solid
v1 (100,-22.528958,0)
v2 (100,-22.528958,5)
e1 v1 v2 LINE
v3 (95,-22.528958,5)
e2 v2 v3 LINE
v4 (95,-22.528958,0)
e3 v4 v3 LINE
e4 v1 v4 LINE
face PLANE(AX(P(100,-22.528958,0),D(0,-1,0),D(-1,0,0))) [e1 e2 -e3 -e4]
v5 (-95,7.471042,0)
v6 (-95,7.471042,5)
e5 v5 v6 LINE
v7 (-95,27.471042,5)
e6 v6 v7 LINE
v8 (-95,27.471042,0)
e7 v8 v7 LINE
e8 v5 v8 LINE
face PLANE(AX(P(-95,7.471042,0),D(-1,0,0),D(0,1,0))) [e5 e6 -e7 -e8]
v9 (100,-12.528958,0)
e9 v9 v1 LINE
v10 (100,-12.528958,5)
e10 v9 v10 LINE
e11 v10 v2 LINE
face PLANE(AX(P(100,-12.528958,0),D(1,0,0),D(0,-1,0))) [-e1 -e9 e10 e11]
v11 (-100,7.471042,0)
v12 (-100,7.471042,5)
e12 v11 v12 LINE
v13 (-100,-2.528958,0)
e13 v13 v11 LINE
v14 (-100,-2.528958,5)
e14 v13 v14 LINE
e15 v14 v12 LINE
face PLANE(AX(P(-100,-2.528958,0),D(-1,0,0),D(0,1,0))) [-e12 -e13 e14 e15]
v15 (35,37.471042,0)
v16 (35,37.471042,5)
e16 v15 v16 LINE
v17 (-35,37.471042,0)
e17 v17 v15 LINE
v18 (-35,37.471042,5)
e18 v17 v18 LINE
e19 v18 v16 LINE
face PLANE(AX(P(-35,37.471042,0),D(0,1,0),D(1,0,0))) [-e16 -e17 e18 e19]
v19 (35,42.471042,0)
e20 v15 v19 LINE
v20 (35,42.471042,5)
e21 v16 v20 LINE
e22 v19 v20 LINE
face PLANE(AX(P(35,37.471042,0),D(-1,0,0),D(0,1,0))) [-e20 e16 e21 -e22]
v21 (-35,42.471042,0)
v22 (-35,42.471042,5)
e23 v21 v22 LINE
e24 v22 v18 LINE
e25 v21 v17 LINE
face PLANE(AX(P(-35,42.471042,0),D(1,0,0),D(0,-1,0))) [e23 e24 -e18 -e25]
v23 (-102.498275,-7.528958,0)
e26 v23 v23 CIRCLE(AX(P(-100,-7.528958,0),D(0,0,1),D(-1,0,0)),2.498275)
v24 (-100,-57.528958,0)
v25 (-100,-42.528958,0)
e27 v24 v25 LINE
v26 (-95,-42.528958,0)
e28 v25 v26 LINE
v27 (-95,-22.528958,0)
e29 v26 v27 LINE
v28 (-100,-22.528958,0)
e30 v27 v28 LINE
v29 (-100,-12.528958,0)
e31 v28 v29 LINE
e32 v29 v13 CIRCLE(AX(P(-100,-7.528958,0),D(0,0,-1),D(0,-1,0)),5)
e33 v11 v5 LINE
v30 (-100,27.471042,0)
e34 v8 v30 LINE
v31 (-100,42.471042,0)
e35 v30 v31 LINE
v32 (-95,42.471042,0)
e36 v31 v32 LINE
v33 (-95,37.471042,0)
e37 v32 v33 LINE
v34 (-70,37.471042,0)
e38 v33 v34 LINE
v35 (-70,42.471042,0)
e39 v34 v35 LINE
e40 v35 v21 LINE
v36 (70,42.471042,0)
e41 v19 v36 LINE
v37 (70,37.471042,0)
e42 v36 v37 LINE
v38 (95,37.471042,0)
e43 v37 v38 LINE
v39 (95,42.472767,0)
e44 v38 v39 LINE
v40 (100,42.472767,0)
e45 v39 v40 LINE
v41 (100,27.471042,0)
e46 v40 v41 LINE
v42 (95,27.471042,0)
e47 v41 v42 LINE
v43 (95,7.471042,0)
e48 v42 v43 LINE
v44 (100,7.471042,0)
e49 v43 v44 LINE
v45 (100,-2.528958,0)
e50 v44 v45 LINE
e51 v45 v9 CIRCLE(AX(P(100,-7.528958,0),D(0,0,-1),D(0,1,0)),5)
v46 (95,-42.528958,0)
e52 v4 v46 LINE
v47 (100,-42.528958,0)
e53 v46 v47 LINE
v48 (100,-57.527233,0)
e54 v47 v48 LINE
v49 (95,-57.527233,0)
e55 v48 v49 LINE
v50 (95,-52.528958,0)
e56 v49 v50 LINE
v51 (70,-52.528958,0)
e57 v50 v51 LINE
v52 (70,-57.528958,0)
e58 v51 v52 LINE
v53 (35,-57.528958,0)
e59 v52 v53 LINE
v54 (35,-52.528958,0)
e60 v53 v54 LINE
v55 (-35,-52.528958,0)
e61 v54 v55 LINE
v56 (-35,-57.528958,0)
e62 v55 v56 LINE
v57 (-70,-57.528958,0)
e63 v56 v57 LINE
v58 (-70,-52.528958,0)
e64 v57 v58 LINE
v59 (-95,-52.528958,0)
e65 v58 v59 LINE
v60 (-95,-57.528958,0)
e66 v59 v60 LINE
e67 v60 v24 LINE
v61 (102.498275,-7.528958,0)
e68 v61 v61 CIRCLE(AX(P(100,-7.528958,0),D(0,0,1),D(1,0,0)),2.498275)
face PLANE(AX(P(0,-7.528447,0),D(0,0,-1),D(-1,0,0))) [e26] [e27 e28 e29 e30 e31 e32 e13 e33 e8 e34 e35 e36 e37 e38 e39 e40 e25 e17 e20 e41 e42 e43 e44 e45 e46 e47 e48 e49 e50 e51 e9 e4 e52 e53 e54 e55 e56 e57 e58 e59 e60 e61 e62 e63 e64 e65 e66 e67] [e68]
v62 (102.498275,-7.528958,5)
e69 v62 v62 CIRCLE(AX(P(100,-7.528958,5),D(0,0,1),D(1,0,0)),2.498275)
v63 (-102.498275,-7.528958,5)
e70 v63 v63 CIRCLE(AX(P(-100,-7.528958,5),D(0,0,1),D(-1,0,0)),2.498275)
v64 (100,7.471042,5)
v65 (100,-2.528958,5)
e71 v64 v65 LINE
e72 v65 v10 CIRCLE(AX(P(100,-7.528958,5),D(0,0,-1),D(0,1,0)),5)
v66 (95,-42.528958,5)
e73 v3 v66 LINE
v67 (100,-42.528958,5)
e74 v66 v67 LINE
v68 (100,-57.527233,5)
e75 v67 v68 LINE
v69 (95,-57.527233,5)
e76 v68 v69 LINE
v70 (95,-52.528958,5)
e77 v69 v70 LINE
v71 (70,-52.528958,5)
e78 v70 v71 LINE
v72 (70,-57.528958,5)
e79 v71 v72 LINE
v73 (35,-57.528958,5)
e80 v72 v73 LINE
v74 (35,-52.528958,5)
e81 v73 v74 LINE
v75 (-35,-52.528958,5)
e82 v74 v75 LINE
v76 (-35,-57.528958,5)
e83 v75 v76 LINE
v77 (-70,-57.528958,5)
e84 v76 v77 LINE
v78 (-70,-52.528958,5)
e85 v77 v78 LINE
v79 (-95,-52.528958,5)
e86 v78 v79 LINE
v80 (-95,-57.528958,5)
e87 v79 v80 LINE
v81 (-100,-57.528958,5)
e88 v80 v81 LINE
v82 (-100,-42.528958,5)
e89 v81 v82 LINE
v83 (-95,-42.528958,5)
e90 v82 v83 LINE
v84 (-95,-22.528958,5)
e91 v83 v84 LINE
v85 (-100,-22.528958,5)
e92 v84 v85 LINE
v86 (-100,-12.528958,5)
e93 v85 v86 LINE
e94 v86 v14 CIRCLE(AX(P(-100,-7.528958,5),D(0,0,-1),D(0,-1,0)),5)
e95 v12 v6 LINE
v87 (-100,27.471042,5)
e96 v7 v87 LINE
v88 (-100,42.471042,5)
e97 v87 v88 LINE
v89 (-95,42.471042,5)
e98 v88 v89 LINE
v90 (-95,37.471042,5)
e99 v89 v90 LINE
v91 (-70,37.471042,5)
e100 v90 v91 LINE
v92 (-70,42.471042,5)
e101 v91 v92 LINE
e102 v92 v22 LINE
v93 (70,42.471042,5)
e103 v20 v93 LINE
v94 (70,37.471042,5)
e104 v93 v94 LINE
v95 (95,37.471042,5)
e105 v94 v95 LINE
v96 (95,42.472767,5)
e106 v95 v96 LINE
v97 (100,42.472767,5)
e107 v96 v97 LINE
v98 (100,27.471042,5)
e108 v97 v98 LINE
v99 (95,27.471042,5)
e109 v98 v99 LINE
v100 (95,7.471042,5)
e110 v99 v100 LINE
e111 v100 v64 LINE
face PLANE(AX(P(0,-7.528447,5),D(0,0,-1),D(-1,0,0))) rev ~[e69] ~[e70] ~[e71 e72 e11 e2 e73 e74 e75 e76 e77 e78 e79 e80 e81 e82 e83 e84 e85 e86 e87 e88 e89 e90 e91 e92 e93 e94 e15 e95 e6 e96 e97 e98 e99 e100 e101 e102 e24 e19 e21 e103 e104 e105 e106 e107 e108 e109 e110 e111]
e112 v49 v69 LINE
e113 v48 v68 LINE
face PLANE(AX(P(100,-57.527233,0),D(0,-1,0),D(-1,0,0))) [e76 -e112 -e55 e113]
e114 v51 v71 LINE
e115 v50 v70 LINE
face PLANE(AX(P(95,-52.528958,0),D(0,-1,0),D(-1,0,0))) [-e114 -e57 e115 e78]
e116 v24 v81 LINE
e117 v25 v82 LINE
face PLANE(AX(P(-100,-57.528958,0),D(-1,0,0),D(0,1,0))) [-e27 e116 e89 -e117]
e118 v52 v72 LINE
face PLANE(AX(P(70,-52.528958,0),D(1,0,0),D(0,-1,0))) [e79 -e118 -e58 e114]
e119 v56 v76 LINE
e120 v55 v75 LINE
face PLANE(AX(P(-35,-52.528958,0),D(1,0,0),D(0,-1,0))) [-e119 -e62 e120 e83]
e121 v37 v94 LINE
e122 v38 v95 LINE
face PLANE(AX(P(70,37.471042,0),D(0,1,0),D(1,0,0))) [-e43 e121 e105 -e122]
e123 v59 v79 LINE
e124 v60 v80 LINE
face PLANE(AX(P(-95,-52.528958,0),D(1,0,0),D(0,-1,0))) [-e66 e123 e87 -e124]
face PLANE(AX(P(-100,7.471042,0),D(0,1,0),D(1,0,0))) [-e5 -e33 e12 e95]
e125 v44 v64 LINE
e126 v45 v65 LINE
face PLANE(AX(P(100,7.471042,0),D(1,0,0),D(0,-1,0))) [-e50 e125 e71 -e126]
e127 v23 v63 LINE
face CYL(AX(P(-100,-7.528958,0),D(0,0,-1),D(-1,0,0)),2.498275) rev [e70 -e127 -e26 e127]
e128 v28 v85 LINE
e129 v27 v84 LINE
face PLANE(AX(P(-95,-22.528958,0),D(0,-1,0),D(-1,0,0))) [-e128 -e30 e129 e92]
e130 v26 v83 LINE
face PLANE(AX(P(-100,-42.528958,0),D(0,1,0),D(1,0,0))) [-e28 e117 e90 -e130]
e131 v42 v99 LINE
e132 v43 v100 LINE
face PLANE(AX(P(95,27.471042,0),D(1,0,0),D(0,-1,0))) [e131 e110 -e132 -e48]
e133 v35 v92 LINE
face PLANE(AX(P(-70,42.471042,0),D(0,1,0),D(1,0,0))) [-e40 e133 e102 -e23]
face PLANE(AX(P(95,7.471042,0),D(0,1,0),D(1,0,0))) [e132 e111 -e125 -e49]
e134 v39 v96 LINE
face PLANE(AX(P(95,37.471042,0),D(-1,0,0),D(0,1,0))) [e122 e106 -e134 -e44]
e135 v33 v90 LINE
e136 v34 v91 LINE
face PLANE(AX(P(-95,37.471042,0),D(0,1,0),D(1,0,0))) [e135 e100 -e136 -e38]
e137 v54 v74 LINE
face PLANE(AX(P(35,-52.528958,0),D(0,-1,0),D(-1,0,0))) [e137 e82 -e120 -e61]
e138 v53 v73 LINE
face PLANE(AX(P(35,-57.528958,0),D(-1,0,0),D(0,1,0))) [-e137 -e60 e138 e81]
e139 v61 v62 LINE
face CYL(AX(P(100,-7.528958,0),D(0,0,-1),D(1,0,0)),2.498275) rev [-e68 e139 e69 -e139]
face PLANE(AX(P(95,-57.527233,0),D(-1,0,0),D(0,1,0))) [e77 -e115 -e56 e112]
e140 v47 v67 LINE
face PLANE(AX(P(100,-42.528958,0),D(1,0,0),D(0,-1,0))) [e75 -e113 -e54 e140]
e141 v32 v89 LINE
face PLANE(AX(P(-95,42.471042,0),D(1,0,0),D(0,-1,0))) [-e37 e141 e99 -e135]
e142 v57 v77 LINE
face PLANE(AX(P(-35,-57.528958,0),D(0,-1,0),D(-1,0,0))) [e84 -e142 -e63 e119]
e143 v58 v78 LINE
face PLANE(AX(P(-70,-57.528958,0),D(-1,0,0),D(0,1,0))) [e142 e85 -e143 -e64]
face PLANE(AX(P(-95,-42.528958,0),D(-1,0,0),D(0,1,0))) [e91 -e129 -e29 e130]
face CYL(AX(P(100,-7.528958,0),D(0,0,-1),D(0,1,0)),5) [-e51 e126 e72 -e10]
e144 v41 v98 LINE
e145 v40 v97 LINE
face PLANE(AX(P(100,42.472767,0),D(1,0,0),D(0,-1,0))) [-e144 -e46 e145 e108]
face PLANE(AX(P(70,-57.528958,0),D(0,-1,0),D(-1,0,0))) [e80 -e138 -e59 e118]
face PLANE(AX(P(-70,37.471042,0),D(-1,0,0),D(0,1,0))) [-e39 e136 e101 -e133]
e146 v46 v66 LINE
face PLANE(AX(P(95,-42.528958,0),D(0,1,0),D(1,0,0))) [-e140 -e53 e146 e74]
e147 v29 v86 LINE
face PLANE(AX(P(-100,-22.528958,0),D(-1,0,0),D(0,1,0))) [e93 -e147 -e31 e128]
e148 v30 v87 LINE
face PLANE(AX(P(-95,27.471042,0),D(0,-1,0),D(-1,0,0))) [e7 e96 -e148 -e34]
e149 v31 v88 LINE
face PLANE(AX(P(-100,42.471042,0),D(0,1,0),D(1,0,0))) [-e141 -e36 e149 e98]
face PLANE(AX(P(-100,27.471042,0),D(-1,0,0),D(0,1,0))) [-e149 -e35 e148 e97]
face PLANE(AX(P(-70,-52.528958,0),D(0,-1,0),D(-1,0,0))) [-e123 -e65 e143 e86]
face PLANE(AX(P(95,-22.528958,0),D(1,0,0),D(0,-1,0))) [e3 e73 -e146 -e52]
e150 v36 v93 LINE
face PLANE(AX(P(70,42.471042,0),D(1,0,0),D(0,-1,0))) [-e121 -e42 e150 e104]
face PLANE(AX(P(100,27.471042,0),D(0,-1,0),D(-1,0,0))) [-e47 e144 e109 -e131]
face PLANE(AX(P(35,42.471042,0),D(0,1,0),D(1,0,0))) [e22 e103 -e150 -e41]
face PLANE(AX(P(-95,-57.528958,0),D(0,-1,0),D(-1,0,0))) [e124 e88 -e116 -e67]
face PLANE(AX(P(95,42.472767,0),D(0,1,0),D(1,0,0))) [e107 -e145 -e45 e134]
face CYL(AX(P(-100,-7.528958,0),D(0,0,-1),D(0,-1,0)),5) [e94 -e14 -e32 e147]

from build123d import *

# Parameters (mm, degrees)
ESQUISSE1_R        = 2.498275285
BOSS_EXTRU_1_DEPTH = 5


with BuildPart() as part:
    # Esquisse1 → Boss.-Extru.1 (new body)
    with BuildSketch(Plane.XY):
        with BuildLine():
            Line((-35, 37.471042471), (35, 37.471042471))
            Line((35, 37.471042471), (35, 42.471042471))
            Line((35, 42.471042471), (70, 42.471042471))
            Line((70, 42.471042471), (70, 37.471042471))
            Line((70, 37.471042471), (95, 37.471042471))
            Line((95, 37.471042471), (95, 42.472767186))
            Line((95, 42.472767186), (100, 42.472767186))
            Line((100, 42.472767186), (100, 37.471042471))
            Line((100, 37.471042471), (100, 27.471042471))
            Line((100, 27.471042471), (95, 27.471042471))
            Line((95, 27.471042471), (95, 7.471042471))
            Line((95, 7.471042471), (100, 7.471042471))
            Line((100, 7.471042471), (100, -2.528957529))
            ThreePointArc((100, -2.528957529), (105, -7.528957529), (100, -12.528957529))
            Line((100, -12.528957529), (100, -22.528957529))
            Line((100, -22.528957529), (95, -22.528957529))
            Line((95, -22.528957529), (95, -42.528957529))
            Line((95, -42.528957529), (100, -42.528957529))
            Line((100, -42.528957529), (100, -52.528957529))
            Line((100, -52.528957529), (100, -57.527232814))
            Line((100, -57.527232814), (95, -57.527232814))
            Line((95, -57.527232814), (95, -52.528957529))
            Line((95, -52.528957529), (70, -52.528957529))
            Line((70, -52.528957529), (70, -57.528957529))
            Line((70, -57.528957529), (35, -57.528957529))
            Line((35, -57.528957529), (35, -52.528957529))
            Line((35, -52.528957529), (-35, -52.528957529))
            Line((-35, -52.528957529), (-35, -57.528957529))
            Line((-35, -57.528957529), (-70, -57.528957529))
            Line((-70, -57.528957529), (-70, -52.528957529))
            Line((-70, -52.528957529), (-95, -52.528957529))
            Line((-95, -52.528957529), (-95, -57.528957529))
            Line((-95, -57.528957529), (-100, -57.528957529))
            Line((-100, -57.528957529), (-100, -52.528957529))
            Line((-100, -52.528957529), (-100, -42.528957529))
            Line((-100, -42.528957529), (-95, -42.528957529))
            Line((-95, -42.528957529), (-95, -22.528957529))
            Line((-95, -22.528957529), (-100, -22.528957529))
            Line((-100, -22.528957529), (-100, -12.528957529))
            ThreePointArc((-100, -12.528957529), (-105, -7.528957529), (-100, -2.528957529))
            Line((-100, -2.528957529), (-100, 7.471042471))
            Line((-100, 7.471042471), (-95, 7.471042471))
            Line((-95, 7.471042471), (-95, 27.471042471))
            Line((-95, 27.471042471), (-100, 27.471042471))
            Line((-100, 27.471042471), (-100, 37.471042471))
            Line((-100, 37.471042471), (-100, 42.471042471))
            Line((-100, 42.471042471), (-95, 42.471042471))
            Line((-95, 42.471042471), (-95, 37.471042471))
            Line((-95, 37.471042471), (-70, 37.471042471))
            Line((-70, 37.471042471), (-70, 42.471042471))
            Line((-70, 42.471042471), (-35, 42.471042471))
            Line((-35, 42.471042471), (-35, 37.471042471))
        make_face()
        with Locations((100, -7.528957529)):
            Circle(ESQUISSE1_R, mode=Mode.SUBTRACT)
        with Locations(Location((-100, -7.528957529, 0), (0, 0, 180))):
            Circle(ESQUISSE1_R, mode=Mode.SUBTRACT)
    extrude(amount=BOSS_EXTRU_1_DEPTH)


solid = part.part
